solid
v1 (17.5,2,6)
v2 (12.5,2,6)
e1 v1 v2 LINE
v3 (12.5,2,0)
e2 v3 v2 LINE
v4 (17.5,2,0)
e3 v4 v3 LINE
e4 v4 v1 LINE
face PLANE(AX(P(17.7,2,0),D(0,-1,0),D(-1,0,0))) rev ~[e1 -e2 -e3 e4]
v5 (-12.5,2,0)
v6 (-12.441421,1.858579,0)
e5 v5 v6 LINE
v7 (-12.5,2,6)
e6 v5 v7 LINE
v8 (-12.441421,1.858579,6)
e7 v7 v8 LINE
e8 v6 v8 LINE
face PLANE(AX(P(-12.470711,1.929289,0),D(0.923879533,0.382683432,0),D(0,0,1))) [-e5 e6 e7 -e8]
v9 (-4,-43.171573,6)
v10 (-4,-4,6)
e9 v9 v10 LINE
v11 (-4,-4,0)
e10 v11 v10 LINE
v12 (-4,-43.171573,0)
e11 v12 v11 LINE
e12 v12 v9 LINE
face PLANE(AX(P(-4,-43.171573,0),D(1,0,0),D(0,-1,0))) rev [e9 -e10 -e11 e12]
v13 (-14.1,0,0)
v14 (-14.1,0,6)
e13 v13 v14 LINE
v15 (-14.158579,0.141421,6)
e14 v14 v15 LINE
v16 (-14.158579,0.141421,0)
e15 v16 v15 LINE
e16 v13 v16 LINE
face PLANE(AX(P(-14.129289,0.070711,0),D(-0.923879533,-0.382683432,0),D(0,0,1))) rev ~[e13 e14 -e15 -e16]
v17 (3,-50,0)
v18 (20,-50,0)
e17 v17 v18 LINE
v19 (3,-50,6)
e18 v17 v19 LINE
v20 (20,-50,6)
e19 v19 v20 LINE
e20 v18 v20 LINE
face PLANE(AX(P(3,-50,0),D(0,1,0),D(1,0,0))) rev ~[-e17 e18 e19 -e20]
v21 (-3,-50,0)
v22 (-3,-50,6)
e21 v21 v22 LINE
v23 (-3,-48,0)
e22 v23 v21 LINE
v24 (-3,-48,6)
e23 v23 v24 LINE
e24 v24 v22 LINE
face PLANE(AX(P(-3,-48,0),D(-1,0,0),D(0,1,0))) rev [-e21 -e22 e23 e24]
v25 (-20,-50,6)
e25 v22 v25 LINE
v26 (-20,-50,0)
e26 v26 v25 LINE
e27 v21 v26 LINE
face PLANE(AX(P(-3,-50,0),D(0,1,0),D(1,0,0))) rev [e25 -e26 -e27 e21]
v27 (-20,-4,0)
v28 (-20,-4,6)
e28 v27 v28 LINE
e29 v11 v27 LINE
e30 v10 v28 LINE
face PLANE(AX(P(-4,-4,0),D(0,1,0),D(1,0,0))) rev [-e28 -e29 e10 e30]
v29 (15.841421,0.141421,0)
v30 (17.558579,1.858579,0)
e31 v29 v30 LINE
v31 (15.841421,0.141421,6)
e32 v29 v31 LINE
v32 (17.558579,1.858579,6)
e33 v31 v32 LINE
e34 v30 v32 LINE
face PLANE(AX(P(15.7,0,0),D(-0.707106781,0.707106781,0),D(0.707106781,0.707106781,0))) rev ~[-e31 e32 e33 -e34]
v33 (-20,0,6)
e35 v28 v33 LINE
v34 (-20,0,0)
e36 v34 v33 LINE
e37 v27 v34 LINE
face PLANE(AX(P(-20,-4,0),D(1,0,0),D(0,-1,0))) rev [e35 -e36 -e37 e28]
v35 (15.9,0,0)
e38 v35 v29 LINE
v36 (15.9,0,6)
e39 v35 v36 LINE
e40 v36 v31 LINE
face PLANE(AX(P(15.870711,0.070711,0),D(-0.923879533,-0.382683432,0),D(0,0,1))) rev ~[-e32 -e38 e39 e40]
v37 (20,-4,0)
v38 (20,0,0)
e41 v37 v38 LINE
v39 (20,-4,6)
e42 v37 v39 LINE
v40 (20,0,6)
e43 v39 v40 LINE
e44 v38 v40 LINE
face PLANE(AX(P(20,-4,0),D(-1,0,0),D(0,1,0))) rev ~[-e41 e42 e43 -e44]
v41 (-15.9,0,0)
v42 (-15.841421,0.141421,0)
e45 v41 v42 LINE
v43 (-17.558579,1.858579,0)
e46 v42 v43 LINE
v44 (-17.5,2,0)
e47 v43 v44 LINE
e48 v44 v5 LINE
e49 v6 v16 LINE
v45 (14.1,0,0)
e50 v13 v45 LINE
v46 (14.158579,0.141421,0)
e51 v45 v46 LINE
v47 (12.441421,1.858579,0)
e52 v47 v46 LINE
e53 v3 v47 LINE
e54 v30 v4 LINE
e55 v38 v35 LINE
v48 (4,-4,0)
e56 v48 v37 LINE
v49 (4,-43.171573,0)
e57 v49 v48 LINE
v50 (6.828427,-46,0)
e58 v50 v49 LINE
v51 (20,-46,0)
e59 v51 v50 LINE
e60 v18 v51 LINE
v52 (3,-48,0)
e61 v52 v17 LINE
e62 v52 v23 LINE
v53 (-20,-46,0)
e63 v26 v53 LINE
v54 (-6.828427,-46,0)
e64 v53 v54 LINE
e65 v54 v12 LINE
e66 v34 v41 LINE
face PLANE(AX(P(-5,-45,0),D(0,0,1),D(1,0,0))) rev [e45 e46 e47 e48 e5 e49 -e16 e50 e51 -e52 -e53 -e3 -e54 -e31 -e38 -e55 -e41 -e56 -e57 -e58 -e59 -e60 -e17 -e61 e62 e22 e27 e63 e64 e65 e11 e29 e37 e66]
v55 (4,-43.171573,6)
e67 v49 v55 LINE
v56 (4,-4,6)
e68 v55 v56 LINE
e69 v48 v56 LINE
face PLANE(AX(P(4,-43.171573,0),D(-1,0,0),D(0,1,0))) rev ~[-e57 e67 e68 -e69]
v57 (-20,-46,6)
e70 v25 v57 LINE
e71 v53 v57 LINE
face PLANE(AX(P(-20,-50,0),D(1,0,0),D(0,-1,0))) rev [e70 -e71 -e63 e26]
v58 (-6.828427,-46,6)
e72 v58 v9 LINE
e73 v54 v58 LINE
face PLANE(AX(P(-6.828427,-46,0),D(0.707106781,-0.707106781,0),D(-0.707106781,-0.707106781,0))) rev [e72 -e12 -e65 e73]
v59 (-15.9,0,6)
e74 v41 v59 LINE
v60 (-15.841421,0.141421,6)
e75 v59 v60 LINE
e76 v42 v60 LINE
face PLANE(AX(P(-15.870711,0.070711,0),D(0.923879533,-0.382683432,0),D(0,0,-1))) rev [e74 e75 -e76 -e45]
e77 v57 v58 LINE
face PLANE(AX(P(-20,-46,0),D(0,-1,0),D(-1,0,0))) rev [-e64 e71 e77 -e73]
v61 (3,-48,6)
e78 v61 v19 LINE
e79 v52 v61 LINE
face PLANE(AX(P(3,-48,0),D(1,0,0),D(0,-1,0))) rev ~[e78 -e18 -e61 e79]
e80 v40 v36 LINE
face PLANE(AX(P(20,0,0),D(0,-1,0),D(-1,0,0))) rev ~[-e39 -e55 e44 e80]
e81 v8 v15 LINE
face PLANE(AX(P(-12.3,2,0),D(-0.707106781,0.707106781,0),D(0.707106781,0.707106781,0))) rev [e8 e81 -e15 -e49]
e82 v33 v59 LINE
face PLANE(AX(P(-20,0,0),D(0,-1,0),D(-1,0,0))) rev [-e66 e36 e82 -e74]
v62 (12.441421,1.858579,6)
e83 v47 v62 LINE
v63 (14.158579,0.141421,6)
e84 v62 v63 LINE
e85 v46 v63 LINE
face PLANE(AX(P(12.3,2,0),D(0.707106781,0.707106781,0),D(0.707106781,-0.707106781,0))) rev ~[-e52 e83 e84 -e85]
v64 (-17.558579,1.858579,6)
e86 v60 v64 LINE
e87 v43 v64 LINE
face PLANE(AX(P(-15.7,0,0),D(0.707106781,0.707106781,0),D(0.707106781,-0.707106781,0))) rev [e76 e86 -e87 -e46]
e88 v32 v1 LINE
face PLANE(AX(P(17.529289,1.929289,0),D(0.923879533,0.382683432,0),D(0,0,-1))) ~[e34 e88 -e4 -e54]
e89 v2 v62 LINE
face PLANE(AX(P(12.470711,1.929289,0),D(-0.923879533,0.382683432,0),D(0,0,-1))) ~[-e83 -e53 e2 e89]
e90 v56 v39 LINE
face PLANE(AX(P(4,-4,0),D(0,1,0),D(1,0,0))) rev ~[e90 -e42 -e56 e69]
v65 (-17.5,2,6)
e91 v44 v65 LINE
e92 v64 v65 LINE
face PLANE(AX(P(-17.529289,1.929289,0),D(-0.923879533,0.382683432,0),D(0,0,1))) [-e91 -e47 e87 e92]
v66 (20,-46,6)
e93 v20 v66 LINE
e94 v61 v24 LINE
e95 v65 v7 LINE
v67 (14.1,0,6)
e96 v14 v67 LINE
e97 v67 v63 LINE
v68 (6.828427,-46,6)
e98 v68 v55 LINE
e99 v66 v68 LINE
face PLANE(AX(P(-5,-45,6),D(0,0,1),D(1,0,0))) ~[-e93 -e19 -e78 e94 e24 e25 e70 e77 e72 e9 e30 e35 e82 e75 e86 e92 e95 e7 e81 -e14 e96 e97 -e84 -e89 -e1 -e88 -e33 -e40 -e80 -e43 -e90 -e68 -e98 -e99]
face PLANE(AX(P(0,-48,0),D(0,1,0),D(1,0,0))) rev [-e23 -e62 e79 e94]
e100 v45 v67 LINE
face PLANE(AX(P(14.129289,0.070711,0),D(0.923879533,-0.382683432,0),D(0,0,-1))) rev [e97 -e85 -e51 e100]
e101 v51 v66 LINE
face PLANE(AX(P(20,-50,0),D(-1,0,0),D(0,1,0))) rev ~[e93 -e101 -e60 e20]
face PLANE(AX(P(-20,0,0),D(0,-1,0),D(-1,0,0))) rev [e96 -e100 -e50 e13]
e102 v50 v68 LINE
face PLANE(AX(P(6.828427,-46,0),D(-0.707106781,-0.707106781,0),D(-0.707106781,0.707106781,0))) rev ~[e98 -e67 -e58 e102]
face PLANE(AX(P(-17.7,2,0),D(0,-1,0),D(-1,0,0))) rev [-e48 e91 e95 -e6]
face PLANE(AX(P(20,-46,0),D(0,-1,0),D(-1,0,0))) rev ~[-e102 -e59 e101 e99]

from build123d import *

# Parameters (mm, degrees)
F1_DEPTH = 6
F3_DEPTH = 6
F4_SIZE  = 0.2


with BuildPart() as f1:
    # F0 (on Top) → F1 (new body)
    with BuildSketch(Plane.XY):
        Polygon((6.828427, -46), (4, -43.171573), (4, -46), align=None)
        Polygon((20, 0), (0, 0), (0, -48), (3, -48), (3, -50), (20, -50), (20, -46), (16, -46), (6.828427, -46), (4, -46), (4, -43.171573), (4, -4), (16, -4), (20, -4), align=None)
    extrude(amount=F1_DEPTH)

    # F2 (on Top) → F3 (join, through all)
    with BuildSketch(Plane.XY):
        Polygon((14.3, 0), (15.7, 0), (17.7, 2), (12.3, 2), align=None)
    extrude(amount=F3_DEPTH)

    # F4
    f4_edges = [f1.edges().sort_by_distance(p)[0] for p in [
        (17.7, 2, 3),
        (12.3, 2, 3),
        (15.7, 0, 3),
        (14.3, 0, 3),
    ]]
    chamfer(f4_edges, length=F4_SIZE)

    # F5: F1 across face


with BuildPart() as f1_1:
    add(f1.part)
    add(f1.part.mirror(Plane(origin=(0, -24, 3), x_dir=(0, -1, 0), z_dir=(-1, 0, 0))))


solid = f1_1.part
